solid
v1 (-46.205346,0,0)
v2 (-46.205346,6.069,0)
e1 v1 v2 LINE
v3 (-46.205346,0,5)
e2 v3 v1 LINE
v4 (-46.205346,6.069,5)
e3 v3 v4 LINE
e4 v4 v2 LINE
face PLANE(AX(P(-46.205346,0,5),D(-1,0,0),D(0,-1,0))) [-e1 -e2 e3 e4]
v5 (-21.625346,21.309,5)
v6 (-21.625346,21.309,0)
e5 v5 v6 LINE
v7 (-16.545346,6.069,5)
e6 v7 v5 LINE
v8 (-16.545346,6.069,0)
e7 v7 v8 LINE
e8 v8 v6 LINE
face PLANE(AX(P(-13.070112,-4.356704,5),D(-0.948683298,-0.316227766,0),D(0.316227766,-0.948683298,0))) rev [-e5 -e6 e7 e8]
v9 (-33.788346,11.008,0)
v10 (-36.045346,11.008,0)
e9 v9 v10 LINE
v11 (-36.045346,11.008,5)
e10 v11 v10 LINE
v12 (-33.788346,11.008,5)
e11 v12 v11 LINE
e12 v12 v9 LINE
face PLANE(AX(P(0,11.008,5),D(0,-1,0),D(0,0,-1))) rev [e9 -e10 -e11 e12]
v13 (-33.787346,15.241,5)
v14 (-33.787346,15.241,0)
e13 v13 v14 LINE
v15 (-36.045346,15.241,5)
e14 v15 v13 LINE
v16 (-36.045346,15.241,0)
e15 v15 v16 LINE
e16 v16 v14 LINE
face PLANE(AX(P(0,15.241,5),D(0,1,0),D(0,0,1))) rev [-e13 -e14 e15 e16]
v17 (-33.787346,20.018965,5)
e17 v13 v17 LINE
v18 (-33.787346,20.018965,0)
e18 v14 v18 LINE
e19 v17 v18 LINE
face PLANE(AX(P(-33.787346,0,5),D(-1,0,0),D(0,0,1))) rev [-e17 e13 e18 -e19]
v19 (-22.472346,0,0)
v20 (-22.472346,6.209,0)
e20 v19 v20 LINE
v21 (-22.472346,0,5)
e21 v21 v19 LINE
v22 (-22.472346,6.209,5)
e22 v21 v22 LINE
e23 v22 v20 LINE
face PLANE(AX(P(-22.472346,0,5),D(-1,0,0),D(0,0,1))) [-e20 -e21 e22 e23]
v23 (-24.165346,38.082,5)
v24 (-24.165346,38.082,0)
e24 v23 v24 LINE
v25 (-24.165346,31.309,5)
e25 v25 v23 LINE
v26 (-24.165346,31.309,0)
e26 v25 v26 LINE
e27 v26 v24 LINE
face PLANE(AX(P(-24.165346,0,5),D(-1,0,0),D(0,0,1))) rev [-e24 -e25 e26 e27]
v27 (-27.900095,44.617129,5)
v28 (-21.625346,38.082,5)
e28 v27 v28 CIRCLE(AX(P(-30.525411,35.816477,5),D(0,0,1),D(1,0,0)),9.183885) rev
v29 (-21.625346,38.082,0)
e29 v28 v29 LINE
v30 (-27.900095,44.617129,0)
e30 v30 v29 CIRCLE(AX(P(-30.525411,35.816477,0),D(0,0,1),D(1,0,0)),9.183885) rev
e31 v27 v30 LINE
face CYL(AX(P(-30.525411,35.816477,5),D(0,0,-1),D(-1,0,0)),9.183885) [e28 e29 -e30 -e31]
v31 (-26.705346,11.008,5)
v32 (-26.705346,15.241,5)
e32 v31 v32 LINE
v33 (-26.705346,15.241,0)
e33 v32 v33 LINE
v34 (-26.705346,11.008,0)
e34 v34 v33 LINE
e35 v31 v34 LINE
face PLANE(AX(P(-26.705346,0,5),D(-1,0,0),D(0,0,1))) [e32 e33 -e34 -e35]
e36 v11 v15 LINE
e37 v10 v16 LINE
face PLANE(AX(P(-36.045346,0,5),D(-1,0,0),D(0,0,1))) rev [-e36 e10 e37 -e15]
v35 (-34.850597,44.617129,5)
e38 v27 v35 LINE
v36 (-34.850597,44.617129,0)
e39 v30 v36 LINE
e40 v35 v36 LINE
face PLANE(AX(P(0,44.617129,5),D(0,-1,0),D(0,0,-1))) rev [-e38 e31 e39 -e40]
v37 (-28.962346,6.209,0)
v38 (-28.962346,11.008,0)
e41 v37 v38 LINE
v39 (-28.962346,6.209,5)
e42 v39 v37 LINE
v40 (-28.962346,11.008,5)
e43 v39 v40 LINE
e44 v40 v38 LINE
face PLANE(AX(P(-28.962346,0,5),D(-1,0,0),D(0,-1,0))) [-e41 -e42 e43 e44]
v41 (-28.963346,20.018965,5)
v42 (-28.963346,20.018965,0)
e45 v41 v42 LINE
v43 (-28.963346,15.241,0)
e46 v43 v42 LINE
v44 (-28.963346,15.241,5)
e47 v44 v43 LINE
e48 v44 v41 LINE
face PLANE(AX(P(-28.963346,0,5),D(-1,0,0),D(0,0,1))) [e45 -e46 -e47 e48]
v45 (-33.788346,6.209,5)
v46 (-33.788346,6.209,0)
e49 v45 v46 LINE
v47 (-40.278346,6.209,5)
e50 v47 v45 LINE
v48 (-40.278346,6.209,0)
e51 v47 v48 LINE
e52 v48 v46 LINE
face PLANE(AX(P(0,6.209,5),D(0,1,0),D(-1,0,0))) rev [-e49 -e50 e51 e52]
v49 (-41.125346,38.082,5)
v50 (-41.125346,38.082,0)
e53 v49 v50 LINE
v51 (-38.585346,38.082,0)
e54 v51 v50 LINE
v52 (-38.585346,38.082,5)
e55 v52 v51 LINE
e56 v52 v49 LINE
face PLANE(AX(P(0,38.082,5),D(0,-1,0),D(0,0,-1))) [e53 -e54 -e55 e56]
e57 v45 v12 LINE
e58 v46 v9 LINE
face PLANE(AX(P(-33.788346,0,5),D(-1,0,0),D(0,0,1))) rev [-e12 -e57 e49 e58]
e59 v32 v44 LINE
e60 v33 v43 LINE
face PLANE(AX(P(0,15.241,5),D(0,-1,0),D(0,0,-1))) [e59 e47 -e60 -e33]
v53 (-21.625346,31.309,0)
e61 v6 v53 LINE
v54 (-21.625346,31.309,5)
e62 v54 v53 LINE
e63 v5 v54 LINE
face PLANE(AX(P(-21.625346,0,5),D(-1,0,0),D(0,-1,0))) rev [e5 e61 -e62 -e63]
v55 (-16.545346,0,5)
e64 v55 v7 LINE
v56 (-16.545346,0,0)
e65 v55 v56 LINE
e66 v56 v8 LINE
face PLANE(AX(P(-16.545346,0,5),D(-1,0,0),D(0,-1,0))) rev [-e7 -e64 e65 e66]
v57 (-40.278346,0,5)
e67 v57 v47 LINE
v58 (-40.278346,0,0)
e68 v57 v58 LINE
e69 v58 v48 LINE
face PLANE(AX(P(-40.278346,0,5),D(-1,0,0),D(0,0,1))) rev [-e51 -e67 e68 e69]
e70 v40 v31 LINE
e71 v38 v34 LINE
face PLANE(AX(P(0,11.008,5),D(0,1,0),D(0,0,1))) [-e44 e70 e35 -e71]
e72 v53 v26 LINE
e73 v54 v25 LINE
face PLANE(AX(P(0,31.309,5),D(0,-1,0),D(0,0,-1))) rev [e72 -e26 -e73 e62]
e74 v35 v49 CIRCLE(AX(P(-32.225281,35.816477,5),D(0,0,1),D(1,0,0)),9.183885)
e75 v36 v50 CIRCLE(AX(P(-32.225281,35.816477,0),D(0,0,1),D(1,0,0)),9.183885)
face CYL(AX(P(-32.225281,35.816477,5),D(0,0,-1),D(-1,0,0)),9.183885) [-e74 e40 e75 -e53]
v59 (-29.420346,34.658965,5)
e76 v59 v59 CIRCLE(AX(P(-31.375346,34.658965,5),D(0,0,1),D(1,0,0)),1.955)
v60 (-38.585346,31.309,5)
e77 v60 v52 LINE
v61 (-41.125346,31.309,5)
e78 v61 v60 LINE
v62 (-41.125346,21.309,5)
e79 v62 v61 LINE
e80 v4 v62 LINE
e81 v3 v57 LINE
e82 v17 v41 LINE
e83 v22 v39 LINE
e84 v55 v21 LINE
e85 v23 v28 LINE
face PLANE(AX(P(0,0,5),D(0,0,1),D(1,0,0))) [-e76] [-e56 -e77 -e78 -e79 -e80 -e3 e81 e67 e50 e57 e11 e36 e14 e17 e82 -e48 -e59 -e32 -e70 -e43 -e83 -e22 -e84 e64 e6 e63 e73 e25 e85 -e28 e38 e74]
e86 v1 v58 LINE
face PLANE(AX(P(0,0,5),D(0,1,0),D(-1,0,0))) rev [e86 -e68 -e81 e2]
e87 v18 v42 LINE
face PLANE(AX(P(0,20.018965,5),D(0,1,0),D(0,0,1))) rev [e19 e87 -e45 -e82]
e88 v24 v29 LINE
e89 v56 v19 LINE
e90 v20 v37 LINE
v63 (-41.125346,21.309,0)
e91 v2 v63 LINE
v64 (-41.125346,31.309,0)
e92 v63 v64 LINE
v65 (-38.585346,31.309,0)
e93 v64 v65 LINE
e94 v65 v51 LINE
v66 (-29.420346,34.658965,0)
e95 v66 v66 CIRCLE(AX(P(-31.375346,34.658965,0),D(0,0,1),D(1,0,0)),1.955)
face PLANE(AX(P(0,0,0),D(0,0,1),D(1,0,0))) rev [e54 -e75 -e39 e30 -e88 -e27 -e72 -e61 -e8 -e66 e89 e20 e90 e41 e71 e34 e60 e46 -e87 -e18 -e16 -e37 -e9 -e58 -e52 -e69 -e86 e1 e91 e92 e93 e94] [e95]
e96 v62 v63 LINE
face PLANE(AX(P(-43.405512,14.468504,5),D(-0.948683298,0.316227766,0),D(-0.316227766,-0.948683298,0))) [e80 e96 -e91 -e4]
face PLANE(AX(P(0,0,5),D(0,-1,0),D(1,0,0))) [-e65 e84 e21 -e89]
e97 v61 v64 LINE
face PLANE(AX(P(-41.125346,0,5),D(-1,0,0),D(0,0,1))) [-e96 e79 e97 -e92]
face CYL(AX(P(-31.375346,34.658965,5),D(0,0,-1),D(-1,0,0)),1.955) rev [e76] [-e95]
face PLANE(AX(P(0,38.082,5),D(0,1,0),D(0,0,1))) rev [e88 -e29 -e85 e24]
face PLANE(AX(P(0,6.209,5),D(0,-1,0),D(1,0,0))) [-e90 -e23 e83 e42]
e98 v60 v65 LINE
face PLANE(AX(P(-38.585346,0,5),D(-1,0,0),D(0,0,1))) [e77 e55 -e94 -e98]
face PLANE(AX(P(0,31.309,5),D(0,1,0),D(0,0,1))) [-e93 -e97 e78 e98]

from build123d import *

# Parameters (mm, degrees)
SKETCH1_R           = 1.955
BOSS_EXTRUDE1_DEPTH = 5


with BuildPart() as part:
    # Sketch1 → Boss-Extrude1 (new body)
    with BuildSketch(Plane.XY):
        with BuildLine():
            Line((-46.205346306, 6.069), (-46.205346306, 0))
            Line((-46.205346306, 0), (-40.278346306, 0))
            Line((-40.278346306, 0), (-40.278346306, 6.209))
            Line((-40.278346306, 6.209), (-33.788346306, 6.209))
            Line((-33.788346306, 6.209), (-33.788346306, 11.008))
            Line((-33.788346306, 11.008), (-36.045346306, 11.008))
            Line((-36.045346306, 11.008), (-36.045346306, 15.241))
            Line((-36.045346306, 15.241), (-33.787346306, 15.241))
            Line((-33.787346306, 15.241), (-33.787346306, 20.018965401))
            Line((-33.787346306, 20.018965401), (-31.375346306, 20.018965401))
            Line((-31.375346306, 20.018965401), (-28.963346306, 20.018965401))
            Line((-28.963346306, 20.018965401), (-28.963346306, 15.241))
            Line((-28.963346306, 15.241), (-26.705346306, 15.241))
            Line((-26.705346306, 15.241), (-26.705346306, 11.008))
            Line((-26.705346306, 11.008), (-28.962346306, 11.008))
            Line((-28.962346306, 11.008), (-28.962346306, 6.209))
            Line((-28.962346306, 6.209), (-22.472346306, 6.209))
            Line((-22.472346306, 6.209), (-22.472346306, 0))
            Line((-22.472346306, 0), (-16.545346306, 0))
            Line((-16.545346306, 0), (-16.545346306, 6.069))
            Line((-16.545346306, 6.069), (-21.625346306, 21.309))
            Line((-21.625346306, 21.309), (-21.625346306, 31.309))
            Line((-21.625346306, 31.309), (-24.165346306, 31.309))
            Line((-24.165346306, 31.309), (-24.165346306, 38.082))
            Line((-24.165346306, 38.082), (-21.625346306, 38.082))
            ThreePointArc((-21.625346306, 38.082), (-23.900792185, 42.177151256), (-27.90009545, 44.61712895))
            Line((-27.90009545, 44.61712895), (-31.366233796, 44.61712895))
            Line((-31.366233796, 44.61712895), (-31.384458817, 44.61712895))
            Line((-31.384458817, 44.61712895), (-34.850597163, 44.61712895))
            ThreePointArc((-34.850597163, 44.61712895), (-38.849900428, 42.177151256), (-41.125346306, 38.082))
            Line((-41.125346306, 38.082), (-38.585346306, 38.082))
            Line((-38.585346306, 38.082), (-38.585346306, 31.309))
            Line((-38.585346306, 31.309), (-41.125346306, 31.309))
            Line((-41.125346306, 31.309), (-41.125346306, 21.309))
            Line((-41.125346306, 21.309), (-46.205346306, 6.069))
        make_face()
        with Locations((-31.375346306, 34.658965401)):
            Circle(SKETCH1_R, mode=Mode.SUBTRACT)
    extrude(amount=BOSS_EXTRUDE1_DEPTH)


solid = part.part
